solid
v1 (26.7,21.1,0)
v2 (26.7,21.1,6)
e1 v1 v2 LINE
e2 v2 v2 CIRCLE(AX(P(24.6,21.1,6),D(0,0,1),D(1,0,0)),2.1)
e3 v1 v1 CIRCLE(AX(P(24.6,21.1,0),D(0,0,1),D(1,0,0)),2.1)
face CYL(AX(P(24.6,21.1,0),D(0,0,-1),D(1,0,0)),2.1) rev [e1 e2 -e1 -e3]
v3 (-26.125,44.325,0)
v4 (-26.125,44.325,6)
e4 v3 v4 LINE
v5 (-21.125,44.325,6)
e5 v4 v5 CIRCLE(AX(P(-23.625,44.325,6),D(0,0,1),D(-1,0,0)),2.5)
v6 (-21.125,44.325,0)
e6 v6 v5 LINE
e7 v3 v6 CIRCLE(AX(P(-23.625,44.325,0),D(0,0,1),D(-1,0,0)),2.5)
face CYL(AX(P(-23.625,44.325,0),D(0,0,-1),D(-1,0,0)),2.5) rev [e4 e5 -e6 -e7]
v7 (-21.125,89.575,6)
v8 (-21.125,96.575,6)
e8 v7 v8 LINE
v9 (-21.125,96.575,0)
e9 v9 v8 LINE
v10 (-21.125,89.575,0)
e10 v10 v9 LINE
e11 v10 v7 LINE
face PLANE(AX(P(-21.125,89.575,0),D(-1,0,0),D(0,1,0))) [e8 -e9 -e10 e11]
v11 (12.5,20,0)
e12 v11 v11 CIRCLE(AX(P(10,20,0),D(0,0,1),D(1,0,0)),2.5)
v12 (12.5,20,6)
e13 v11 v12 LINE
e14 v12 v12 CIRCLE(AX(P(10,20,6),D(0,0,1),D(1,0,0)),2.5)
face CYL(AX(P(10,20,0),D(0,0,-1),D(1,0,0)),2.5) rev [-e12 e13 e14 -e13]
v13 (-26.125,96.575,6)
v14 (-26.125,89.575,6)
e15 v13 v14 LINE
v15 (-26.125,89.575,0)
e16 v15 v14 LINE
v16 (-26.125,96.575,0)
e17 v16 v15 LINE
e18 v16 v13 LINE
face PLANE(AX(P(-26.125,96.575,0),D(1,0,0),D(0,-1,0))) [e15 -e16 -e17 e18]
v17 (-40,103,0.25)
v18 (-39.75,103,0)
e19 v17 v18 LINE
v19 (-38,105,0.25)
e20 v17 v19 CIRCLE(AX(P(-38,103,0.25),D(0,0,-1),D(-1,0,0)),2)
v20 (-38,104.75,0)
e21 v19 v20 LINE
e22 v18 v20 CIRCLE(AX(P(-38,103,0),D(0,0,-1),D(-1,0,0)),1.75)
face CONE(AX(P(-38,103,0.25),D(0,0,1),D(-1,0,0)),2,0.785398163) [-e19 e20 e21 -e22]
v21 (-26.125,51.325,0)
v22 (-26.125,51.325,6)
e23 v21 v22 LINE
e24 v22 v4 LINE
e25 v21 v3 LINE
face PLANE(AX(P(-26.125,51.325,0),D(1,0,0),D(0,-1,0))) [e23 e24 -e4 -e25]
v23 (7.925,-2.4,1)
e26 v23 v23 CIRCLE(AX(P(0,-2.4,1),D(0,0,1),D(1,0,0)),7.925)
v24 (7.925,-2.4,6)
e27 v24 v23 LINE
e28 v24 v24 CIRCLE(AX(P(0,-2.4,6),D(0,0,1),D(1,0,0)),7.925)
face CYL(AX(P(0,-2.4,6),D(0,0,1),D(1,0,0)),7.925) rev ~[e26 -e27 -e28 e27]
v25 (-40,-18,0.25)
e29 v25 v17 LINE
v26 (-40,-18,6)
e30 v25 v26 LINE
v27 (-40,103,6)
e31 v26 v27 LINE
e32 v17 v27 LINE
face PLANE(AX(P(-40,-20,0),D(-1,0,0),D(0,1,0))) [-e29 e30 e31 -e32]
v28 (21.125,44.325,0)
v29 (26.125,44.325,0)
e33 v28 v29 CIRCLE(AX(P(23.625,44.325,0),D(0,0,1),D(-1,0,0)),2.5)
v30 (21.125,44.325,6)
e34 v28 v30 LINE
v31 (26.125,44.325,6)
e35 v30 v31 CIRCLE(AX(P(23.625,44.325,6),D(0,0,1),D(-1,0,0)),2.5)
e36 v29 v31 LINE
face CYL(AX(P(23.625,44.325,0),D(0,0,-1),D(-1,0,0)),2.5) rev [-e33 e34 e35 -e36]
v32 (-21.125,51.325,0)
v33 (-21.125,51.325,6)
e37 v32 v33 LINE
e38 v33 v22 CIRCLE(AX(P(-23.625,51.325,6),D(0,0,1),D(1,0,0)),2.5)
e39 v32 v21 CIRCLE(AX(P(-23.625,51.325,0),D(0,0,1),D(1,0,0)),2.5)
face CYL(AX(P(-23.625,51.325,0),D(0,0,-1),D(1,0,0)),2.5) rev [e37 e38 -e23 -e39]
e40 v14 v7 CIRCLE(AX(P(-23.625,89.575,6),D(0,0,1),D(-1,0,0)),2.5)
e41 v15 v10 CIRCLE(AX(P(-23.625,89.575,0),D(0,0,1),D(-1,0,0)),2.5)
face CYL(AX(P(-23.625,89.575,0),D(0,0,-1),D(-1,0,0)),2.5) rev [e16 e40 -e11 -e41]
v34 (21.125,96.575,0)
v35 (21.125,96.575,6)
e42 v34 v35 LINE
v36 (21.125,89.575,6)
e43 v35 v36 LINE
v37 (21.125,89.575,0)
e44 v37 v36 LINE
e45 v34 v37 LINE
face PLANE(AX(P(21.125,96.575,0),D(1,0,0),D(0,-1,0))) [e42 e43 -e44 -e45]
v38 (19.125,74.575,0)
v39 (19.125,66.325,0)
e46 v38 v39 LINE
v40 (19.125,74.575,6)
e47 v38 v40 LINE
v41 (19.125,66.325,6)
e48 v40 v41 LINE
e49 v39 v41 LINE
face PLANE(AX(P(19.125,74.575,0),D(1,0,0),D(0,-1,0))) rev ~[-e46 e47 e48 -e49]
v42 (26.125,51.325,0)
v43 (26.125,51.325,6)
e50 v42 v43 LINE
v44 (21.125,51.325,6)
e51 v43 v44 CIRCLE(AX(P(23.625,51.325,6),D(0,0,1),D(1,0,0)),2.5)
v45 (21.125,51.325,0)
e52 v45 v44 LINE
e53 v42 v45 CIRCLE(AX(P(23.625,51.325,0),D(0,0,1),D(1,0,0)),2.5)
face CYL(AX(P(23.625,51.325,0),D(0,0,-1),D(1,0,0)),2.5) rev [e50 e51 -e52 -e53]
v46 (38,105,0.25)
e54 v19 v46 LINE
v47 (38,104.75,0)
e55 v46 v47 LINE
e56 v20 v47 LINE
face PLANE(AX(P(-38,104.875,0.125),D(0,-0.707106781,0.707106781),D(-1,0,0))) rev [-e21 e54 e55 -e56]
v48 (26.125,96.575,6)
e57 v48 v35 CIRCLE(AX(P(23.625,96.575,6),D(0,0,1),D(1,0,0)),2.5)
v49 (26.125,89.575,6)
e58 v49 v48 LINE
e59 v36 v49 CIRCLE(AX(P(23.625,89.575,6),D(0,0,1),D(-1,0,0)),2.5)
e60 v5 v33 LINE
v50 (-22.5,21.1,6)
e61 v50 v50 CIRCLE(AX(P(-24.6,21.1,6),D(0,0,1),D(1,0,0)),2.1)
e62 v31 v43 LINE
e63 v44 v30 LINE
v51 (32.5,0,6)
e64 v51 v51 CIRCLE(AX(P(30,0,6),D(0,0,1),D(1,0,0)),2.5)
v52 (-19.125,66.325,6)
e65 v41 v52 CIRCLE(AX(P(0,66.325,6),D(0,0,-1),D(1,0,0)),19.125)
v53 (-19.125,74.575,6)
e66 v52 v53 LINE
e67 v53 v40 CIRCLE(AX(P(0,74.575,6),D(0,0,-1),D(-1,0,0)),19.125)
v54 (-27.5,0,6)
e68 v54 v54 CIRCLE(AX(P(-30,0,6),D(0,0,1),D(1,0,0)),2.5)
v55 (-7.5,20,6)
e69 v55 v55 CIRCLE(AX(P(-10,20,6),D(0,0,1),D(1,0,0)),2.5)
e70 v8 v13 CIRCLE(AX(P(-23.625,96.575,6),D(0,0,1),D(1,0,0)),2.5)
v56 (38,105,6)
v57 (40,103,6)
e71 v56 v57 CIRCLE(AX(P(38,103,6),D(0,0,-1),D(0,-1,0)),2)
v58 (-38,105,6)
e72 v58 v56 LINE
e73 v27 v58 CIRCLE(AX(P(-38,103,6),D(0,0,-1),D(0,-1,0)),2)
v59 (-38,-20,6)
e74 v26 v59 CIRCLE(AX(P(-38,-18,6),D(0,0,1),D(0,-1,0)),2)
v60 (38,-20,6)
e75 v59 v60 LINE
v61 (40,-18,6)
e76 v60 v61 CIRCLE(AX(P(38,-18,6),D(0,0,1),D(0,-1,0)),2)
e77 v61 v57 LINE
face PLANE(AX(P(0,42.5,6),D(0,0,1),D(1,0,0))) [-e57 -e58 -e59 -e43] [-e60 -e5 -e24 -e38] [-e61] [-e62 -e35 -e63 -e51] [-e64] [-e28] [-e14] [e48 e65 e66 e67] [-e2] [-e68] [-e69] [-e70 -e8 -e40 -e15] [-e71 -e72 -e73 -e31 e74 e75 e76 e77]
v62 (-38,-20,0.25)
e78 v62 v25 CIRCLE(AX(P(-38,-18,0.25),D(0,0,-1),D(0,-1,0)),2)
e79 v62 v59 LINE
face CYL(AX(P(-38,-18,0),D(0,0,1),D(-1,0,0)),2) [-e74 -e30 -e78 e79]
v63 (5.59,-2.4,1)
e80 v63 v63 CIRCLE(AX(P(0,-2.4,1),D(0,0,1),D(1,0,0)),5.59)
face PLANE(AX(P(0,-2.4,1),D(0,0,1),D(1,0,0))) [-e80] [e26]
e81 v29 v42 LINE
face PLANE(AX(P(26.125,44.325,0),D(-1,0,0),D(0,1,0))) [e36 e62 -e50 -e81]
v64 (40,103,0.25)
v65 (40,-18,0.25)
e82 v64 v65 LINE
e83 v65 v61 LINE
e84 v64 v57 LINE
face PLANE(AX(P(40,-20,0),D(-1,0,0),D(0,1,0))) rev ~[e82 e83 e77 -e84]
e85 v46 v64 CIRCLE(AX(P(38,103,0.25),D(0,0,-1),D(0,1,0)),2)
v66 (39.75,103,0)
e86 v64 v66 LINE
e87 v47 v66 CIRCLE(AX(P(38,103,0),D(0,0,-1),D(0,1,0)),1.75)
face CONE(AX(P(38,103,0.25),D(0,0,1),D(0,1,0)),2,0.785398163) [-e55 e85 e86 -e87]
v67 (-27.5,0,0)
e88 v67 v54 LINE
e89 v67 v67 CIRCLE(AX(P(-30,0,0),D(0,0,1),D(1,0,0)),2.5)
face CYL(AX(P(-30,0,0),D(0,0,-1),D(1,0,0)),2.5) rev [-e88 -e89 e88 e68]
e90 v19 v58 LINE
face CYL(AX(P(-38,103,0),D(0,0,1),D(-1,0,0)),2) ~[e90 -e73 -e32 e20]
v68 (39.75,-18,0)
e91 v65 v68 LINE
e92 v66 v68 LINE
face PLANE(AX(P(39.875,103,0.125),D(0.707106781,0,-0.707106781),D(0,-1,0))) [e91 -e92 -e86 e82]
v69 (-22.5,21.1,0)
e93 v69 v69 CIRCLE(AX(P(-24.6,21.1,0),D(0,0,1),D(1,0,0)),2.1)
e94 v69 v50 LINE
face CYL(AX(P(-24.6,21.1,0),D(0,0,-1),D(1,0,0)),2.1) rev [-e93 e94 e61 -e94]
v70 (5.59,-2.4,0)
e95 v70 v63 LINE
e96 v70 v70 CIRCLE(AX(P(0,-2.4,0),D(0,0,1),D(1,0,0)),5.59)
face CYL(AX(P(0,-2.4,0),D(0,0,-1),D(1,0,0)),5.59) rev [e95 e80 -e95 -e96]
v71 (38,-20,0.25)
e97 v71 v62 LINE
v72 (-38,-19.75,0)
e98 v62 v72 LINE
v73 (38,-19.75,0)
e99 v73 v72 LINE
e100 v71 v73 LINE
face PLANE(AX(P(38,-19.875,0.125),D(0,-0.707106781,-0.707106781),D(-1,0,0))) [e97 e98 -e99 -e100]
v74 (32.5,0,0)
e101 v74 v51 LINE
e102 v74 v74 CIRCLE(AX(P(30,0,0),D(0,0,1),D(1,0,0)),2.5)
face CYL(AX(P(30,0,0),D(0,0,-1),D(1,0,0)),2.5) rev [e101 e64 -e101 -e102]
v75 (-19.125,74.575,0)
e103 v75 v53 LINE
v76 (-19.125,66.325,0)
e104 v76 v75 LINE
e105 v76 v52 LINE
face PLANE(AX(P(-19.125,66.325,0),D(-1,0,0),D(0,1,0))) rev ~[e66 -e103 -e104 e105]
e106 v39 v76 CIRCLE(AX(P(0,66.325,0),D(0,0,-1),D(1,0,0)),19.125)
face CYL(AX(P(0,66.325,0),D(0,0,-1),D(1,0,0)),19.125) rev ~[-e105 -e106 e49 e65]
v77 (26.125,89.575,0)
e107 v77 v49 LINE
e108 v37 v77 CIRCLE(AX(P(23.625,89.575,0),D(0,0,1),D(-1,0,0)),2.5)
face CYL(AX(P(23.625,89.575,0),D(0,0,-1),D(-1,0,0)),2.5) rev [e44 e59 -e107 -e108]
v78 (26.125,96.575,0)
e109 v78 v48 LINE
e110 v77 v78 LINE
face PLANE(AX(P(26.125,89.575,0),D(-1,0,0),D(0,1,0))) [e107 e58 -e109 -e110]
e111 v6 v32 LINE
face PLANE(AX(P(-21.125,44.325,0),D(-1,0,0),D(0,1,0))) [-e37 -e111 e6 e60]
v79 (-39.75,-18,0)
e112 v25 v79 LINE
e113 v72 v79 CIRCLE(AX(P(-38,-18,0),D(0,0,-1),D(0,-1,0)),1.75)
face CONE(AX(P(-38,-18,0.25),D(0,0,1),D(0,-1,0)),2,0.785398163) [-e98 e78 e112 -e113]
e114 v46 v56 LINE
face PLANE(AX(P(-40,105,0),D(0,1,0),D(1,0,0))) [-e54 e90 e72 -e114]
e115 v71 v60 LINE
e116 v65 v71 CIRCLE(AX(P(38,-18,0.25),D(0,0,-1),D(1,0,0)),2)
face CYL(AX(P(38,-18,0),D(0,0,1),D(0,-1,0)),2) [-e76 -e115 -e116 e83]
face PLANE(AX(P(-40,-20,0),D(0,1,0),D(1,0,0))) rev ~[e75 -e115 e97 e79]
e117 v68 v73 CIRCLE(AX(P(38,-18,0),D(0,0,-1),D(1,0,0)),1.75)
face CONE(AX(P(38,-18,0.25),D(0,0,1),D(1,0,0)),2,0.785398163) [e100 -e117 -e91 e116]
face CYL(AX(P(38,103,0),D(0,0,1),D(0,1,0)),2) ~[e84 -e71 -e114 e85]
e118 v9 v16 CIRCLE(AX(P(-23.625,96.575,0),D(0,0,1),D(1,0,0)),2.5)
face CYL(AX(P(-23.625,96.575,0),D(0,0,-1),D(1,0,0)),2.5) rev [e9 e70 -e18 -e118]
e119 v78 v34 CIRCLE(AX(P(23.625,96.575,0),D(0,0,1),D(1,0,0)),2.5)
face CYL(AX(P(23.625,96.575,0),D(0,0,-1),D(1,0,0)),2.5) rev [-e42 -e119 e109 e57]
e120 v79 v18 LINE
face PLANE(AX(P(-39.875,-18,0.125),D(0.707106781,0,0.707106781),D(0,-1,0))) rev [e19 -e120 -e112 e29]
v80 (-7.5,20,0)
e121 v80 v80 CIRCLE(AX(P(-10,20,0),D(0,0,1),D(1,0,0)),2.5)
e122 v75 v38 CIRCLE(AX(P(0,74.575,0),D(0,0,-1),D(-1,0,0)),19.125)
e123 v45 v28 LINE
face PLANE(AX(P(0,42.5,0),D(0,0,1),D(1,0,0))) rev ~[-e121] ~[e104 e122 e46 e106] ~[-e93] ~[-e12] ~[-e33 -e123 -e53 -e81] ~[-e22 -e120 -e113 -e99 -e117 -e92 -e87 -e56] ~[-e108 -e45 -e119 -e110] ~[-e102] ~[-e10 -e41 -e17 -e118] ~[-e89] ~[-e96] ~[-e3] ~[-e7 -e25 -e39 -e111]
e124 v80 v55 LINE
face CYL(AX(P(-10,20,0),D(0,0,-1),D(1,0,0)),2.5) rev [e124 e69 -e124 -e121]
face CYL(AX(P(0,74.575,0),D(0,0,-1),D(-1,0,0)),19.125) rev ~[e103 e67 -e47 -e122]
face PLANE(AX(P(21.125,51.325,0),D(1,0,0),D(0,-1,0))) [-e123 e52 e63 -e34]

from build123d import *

# Parameters (mm, degrees)
F0_W     = 80
F0_H     = 125
F0_R     = 2.5
F0_R_2   = 2.1
F0_R_3   = 5.59
F1_DEPTH = 6
F3_DEPTH = 6
F4_R     = 2
F5_SIZE  = 0.25
F6_R     = 7.925
F6_R_2   = 5.59
F7_DEPTH = 5


with BuildPart() as f1:
    # F0 (on Top) → F1 (new body)
    with BuildSketch(Plane.XY):
        with Locations((0, 42.5)):
            Rectangle(F0_W, F0_H)
        with Locations((-30, 0)):
            Circle(F0_R, mode=Mode.SUBTRACT)
        with Locations((-24.6, 21.1)):
            Circle(F0_R_2, mode=Mode.SUBTRACT)
        with Locations((-10, 20)):
            Circle(F0_R, mode=Mode.SUBTRACT)
        with Locations((0, -2.4)):
            Circle(F0_R_3, mode=Mode.SUBTRACT)
        with Locations((30, 0)):
            Circle(F0_R, mode=Mode.SUBTRACT)
        with Locations((10, 20)):
            Circle(F0_R, mode=Mode.SUBTRACT)
        with Locations((24.6, 21.1)):
            Circle(F0_R_2, mode=Mode.SUBTRACT)
        with BuildLine():
            ThreePointArc((-19.125, 74.575), (0, 93.7), (19.125, 74.575))
            Line((19.125, 74.575), (19.125, 66.325))
            ThreePointArc((19.125, 66.325), (0, 47.2), (-19.125, 66.325))
            Line((-19.125, 66.325), (-19.125, 74.575))
        make_face(mode=Mode.SUBTRACT)
    extrude(amount=F1_DEPTH)

    # F2 (on Top) → F3 (cut, through all)
    with BuildSketch(Plane.XY):
        with BuildLine():
            Line((-21.125, 89.575), (-21.125, 96.575))
            ThreePointArc((-21.125, 96.575), (-23.625, 99.075), (-26.125, 96.575))
            Line((-26.125, 96.575), (-26.125, 89.575))
            ThreePointArc((-26.125, 89.575), (-23.625, 87.075), (-21.125, 89.575))
        make_face()
        with BuildLine():
            Line((26.125, 89.575), (26.125, 96.575))
            ThreePointArc((26.125, 96.575), (23.625, 99.075), (21.125, 96.575))
            Line((21.125, 96.575), (21.125, 89.575))
            ThreePointArc((21.125, 89.575), (23.625, 87.075), (26.125, 89.575))
        make_face()
        with BuildLine():
            ThreePointArc((21.125, 44.325), (23.625, 41.825), (26.125, 44.325))
            Line((26.125, 44.325), (26.125, 51.325))
            ThreePointArc((26.125, 51.325), (23.625, 53.825), (21.125, 51.325))
            Line((21.125, 51.325), (21.125, 44.325))
        make_face()
        with BuildLine():
            ThreePointArc((-21.125, 51.325), (-23.625, 53.825), (-26.125, 51.325))
            Line((-26.125, 51.325), (-26.125, 44.325))
            ThreePointArc((-26.125, 44.325), (-23.625, 41.825), (-21.125, 44.325))
            Line((-21.125, 44.325), (-21.125, 51.325))
        make_face()
    extrude(amount=F3_DEPTH, mode=Mode.SUBTRACT)

    # F4
    f4_edges = [f1.edges().sort_by_distance(p)[0] for p in [
        (40, -20, 3),
        (-40, -20, 3),
        (40, 105, 3),
        (-40, 105, 3),
    ]]
    fillet(f4_edges, radius=F4_R)

    # F5
    f5_edges = [f1.edges().sort_by_distance(p)[0] for p in [
        (-40, 42.5, 0),
        (-39.414214, 104.414214, 0),
        (0, 105, 0),
        (39.414214, 104.414214, 0),
        (40, 42.5, 0),
        (39.414214, -19.414214, 0),
        (0, -20, 0),
        (-39.414214, -19.414214, 0),
    ]]
    chamfer(f5_edges, length=F5_SIZE)

    # F6 (on face) → F7 (cut)
    with BuildSketch(Plane.XY.offset(6)):
        with Locations((0, -2.4)):
            Circle(F6_R)
        with Locations((0, -2.4)):
            Circle(F6_R_2, mode=Mode.SUBTRACT)
    extrude(amount=-F7_DEPTH, mode=Mode.SUBTRACT)


solid = f1.part
